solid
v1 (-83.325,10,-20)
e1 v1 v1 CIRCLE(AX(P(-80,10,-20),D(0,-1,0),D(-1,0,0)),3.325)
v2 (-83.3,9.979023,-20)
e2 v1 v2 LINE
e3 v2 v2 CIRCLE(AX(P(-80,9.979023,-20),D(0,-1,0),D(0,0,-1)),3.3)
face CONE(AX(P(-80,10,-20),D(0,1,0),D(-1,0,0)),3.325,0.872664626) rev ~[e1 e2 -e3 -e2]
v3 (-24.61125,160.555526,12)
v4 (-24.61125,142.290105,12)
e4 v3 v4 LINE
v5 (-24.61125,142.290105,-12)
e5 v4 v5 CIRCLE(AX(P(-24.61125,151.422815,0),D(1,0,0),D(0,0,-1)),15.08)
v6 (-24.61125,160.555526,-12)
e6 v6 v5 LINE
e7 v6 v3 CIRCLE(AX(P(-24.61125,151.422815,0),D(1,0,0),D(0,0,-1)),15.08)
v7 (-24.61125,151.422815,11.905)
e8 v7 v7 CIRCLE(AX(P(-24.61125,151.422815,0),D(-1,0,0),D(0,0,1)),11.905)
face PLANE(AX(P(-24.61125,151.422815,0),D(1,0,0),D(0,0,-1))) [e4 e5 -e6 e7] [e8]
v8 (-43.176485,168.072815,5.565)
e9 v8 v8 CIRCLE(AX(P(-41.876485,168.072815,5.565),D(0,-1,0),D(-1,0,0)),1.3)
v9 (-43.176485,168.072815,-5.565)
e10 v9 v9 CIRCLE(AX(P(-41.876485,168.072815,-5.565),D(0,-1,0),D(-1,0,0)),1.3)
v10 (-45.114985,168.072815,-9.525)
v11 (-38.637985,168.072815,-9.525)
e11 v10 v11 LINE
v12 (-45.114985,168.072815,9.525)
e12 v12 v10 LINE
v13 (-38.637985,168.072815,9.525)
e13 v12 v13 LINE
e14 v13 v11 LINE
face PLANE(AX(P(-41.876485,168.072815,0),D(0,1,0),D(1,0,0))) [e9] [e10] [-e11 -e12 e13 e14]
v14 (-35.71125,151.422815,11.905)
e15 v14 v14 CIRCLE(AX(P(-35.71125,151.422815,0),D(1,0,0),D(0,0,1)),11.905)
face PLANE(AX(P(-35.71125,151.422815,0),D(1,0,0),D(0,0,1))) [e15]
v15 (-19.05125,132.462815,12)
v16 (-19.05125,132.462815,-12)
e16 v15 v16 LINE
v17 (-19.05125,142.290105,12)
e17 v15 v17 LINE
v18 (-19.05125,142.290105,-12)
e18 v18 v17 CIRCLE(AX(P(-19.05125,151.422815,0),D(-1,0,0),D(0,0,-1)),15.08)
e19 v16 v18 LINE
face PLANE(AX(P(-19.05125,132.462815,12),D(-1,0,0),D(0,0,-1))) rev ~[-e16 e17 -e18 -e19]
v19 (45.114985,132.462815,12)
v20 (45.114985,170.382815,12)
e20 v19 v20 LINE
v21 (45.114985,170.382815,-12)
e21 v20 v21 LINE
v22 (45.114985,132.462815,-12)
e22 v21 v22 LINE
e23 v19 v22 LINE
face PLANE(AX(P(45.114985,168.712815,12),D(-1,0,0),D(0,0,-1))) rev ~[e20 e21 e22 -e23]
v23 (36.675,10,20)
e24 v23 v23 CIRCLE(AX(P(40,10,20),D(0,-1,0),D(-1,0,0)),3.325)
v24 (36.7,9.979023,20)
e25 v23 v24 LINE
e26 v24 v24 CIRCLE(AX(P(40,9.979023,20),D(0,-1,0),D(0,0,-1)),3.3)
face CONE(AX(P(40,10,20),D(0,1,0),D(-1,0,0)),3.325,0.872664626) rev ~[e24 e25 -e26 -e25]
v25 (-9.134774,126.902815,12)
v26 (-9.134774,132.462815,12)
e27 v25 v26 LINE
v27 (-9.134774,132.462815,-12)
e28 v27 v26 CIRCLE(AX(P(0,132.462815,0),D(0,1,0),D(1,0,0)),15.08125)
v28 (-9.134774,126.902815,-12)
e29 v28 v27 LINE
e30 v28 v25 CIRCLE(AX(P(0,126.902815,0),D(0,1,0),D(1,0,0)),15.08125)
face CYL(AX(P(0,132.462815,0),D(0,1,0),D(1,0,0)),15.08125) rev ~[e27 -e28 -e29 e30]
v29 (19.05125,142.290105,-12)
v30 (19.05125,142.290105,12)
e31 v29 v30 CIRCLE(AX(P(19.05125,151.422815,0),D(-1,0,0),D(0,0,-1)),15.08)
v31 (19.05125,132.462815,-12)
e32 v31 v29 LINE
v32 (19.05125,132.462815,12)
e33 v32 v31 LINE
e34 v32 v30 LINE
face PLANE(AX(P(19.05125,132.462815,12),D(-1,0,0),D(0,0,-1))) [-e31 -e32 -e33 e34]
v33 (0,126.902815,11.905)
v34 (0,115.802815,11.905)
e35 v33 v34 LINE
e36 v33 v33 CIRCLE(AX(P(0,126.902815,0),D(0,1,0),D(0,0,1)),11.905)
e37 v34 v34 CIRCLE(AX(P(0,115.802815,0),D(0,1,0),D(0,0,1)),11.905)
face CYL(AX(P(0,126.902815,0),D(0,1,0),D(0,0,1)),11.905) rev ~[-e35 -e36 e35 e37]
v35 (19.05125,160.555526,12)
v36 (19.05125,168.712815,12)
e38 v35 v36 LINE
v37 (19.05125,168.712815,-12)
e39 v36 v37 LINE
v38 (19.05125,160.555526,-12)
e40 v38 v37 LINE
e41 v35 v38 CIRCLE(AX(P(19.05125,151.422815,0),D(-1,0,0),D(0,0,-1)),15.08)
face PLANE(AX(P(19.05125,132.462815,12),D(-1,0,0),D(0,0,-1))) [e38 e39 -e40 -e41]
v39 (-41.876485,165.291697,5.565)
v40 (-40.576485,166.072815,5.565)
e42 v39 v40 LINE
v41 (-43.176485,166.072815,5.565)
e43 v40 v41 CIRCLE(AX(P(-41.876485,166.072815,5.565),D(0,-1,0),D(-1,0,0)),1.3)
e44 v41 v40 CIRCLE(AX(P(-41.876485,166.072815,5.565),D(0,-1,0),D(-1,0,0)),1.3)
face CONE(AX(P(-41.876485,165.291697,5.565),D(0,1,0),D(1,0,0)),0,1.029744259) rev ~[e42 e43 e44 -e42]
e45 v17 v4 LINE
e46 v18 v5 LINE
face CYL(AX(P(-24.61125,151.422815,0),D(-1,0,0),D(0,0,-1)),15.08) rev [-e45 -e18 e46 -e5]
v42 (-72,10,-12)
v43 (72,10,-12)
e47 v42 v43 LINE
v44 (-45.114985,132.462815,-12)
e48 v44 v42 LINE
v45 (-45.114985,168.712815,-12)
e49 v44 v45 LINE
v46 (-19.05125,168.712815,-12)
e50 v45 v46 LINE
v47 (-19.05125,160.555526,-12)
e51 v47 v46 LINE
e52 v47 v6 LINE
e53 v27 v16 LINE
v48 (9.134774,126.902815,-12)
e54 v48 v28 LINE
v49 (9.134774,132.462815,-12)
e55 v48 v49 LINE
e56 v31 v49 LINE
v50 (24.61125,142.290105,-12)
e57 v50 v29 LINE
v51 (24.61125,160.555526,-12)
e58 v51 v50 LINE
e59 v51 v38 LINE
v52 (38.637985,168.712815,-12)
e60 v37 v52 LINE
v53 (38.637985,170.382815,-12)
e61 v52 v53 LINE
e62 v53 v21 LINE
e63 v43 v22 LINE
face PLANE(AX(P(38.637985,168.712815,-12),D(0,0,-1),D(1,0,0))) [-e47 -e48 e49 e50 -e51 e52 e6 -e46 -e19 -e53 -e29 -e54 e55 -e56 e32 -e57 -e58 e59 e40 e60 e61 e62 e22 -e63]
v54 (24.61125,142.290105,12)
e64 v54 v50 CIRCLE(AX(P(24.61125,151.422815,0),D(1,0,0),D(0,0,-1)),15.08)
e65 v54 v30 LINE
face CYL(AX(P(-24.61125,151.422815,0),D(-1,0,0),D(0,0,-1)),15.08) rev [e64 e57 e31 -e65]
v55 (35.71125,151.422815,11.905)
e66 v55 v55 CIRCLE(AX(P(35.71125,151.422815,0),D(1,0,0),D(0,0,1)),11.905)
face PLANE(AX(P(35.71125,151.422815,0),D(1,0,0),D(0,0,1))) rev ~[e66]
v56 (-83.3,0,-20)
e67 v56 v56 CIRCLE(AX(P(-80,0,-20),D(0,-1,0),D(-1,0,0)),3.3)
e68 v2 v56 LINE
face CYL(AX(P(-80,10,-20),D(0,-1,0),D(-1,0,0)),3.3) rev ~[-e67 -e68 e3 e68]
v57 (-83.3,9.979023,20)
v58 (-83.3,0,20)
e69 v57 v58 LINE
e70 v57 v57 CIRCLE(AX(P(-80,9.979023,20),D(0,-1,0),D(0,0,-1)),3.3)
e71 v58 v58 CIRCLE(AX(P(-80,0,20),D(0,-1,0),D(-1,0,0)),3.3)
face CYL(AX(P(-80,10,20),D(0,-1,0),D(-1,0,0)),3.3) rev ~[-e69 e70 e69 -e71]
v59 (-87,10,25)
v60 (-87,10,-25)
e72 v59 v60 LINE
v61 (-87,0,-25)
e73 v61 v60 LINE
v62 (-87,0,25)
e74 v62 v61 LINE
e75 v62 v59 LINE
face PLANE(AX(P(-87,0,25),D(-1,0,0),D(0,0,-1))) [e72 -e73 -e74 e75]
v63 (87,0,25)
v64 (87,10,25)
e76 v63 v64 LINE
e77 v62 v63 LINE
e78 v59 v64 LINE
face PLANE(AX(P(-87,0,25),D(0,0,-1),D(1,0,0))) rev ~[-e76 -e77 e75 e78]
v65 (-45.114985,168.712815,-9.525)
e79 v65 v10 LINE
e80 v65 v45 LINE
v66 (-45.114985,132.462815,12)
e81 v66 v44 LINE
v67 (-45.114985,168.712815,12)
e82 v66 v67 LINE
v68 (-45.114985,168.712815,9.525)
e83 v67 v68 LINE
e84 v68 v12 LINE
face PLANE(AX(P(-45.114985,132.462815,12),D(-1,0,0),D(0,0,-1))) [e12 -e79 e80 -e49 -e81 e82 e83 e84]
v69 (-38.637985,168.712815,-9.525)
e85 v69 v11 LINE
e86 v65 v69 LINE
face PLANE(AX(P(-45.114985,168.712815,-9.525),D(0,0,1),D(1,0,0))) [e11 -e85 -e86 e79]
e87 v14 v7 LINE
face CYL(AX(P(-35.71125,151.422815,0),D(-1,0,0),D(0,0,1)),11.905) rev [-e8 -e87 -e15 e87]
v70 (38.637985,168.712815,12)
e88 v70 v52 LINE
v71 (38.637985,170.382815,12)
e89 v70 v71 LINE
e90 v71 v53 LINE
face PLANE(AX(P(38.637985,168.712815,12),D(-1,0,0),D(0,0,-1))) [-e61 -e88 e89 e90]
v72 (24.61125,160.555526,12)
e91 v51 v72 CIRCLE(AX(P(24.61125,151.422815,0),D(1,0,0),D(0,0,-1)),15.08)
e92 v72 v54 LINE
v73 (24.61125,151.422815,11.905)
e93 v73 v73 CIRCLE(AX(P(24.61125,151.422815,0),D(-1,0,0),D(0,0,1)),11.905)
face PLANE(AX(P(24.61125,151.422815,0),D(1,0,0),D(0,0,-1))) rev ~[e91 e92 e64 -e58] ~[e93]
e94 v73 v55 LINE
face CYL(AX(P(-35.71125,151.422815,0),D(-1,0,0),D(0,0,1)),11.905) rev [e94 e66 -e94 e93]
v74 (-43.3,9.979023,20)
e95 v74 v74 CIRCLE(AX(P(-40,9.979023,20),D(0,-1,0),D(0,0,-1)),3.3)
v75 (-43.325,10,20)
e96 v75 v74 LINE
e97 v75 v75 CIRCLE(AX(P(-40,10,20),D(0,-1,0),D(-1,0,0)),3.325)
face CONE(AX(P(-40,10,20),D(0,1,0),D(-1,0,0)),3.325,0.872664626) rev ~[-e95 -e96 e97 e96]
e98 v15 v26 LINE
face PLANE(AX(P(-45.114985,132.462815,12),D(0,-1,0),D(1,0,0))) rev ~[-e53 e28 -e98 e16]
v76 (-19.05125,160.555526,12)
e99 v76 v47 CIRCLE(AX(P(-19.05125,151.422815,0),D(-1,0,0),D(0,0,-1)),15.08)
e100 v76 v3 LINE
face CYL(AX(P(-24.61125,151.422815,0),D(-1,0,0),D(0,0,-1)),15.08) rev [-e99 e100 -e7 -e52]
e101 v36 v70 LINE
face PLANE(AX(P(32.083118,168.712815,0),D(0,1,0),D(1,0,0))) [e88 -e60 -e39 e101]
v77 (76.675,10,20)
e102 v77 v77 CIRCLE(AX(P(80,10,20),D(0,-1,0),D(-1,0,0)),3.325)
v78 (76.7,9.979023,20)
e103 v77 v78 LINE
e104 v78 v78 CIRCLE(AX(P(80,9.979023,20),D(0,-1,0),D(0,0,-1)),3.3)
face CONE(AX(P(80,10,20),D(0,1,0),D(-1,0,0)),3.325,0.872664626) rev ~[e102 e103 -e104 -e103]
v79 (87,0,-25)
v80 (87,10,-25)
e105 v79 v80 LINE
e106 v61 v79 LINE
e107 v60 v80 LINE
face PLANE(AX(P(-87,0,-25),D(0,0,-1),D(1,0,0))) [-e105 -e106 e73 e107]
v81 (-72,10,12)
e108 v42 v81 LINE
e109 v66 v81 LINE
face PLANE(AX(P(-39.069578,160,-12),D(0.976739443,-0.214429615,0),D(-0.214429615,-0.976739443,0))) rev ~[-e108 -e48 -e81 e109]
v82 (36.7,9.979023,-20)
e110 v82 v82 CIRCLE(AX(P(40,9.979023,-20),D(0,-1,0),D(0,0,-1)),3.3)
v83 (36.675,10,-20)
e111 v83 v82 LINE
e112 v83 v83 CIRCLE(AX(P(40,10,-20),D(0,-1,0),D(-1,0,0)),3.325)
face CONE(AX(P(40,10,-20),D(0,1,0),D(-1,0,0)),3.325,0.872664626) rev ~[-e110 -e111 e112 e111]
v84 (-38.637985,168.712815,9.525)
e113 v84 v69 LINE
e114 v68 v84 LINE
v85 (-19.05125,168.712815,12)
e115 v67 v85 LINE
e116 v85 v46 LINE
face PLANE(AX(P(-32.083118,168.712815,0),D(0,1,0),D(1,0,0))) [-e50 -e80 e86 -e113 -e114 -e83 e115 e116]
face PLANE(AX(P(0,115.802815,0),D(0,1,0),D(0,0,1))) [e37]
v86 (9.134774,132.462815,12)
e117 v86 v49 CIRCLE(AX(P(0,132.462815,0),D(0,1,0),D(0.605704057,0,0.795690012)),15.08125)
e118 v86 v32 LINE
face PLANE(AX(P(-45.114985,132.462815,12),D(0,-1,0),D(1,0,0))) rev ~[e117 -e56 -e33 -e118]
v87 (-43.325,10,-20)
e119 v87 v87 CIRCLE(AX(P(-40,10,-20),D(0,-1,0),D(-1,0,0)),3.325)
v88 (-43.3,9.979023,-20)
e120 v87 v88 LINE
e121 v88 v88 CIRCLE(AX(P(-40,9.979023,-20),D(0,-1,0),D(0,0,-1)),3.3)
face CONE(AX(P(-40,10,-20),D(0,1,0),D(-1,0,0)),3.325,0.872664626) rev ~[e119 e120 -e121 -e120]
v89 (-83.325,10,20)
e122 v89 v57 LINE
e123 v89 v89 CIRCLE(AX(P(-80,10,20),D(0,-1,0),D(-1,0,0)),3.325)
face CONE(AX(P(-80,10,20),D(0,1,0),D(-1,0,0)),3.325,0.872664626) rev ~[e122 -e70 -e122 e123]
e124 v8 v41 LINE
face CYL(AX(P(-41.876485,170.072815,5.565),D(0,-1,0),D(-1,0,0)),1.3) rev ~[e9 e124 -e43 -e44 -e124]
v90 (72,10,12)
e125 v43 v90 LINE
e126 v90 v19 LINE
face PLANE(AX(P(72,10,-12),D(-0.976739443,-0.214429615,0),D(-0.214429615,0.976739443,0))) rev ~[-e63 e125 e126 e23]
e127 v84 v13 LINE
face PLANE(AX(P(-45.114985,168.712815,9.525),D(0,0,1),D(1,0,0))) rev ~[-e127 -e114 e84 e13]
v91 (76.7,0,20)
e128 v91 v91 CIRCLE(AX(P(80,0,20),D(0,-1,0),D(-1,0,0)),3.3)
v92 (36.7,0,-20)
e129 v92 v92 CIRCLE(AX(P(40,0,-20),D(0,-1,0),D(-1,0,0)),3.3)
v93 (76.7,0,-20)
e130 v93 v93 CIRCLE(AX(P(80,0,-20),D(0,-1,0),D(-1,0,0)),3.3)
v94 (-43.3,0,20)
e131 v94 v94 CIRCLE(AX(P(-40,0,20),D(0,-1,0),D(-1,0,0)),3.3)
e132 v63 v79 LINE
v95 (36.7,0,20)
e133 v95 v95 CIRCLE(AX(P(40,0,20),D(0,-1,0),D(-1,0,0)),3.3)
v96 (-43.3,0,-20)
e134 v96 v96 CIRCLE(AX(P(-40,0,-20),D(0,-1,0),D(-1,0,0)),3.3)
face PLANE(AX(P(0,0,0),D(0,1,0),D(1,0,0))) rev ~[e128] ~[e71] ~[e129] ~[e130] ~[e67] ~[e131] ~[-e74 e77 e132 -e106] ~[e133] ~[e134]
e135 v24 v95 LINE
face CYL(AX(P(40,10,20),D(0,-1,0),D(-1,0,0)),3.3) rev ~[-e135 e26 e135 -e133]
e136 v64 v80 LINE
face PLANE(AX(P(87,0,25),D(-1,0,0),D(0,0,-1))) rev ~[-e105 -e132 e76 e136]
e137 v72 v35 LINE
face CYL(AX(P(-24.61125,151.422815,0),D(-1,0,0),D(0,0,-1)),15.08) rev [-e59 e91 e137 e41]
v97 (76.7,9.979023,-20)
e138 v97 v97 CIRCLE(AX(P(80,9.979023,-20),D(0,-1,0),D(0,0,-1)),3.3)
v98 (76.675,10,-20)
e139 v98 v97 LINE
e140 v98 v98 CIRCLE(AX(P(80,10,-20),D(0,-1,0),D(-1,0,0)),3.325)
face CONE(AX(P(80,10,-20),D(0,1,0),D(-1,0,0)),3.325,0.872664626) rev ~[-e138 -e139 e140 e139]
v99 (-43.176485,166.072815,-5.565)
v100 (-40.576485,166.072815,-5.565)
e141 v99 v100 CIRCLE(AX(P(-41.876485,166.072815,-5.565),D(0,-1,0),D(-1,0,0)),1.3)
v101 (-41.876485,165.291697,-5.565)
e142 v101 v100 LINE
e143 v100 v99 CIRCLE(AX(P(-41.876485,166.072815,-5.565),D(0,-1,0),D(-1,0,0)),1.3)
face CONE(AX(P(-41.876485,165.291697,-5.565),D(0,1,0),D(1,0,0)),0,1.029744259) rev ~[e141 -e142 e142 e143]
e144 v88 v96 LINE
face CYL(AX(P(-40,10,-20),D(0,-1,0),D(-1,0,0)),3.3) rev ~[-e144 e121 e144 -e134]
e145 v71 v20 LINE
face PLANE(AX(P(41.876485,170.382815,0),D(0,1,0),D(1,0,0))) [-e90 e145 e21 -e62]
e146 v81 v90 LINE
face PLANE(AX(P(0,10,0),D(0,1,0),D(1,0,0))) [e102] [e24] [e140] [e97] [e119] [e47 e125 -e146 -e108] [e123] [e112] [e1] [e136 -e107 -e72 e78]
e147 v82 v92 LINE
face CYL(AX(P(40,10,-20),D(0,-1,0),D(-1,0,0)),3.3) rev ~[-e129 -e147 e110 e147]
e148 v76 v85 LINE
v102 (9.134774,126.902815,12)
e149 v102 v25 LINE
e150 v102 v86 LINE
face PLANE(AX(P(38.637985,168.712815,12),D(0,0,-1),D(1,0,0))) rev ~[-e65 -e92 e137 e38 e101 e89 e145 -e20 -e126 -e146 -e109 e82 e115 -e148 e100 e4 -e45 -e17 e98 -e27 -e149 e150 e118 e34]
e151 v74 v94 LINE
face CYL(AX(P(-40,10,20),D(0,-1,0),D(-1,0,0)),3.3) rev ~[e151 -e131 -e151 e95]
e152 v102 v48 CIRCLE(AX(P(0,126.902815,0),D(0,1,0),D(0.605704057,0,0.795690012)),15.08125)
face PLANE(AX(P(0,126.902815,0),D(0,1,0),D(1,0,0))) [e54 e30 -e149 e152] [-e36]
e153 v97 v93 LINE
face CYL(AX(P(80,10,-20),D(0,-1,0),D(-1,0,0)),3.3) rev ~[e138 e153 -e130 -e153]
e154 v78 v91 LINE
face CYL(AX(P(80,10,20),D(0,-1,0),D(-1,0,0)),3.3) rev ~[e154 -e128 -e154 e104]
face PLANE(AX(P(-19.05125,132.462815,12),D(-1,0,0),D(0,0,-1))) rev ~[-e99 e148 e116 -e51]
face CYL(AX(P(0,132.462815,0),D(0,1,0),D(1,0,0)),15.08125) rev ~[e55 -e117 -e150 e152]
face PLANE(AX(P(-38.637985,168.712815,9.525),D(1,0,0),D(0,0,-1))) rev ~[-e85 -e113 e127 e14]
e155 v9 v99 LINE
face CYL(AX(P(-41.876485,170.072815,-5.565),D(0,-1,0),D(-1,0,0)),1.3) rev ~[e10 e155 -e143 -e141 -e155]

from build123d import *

# Parameters (mm, degrees)
SKETCH1_W                      = 174
SKETCH1_H                      = 50
BOSS_EXTRUDE1_DEPTH            = 10
M6_CLEARANCE_HOLE1_D           = 6.6
M6_CLEARANCE_HOLE1_CSINK_D     = 6.65
M6_CLEARANCE_HOLE1_CSINK_ANGLE = 100
BOSS_EXTRUDE2_DEPTH            = 12
BOSS_EXTRUDE2_DEPTH_BACK       = 12
CUT_EXTRUDE1_REACH             = 215.496
SKETCH7_W                      = 90.229970364
SKETCH7_H                      = 70
SKETCH8_R                      = 15.08125
CUT_EXTRUDE2_DEPTH             = 5.56
SKETCH9_R                      = 11.905
CUT_EXTRUDE3_DEPTH             = 11.1
SKETCH10_W                     = 26.063735182
SKETCH10_H                     = 24
BOSS_EXTRUDE3_DEPTH            = 36.25
CUT_EXTRUDE4_START             = -24.61125
SKETCH11_R                     = 15.08
CUT_EXTRUDE4_DEPTH             = 49.2225
CUT_EXTRUDE5_DEPTH             = 35.71125
CUT_EXTRUDE5_DEPTH_BACK        = 35.71125
SKETCH12_R                     = 11.905
SKETCH13_W                     = 6.477
SKETCH13_H                     = 19.05
CUT_EXTRUDE6_DEPTH             = 0.64
M2_CLEARANCE_HOLE1_D           = 2.6
M2_CLEARANCE_HOLE1_DEPTH       = 2
M2_CLEARANCE_HOLE1_TIP         = 0.781118805
SKETCH16_W                     = 6.477
SKETCH16_H                     = 24
BOSS_EXTRUDE4_DEPTH            = 1.67


with BuildPart() as part:
    # Sketch1 → Boss-Extrude1 (new body)
    with BuildSketch(Plane(origin=(0, 0, 0), x_dir=(1, 0, 0), z_dir=(0, 1, 0))):
        Rectangle(SKETCH1_W, SKETCH1_H)
    extrude(amount=BOSS_EXTRUDE1_DEPTH)

    # M6 Clearance Hole1 (through all)
    with Locations(Plane(origin=(0, 10, 0), x_dir=(1, 0, 0), z_dir=(0, 1, 0))):
        with Locations((-80, 20), (-40, 20), (-80, -20), (-40, -20), (40, 20), (80, 20), (40, -20), (80, -20)):
            CounterSinkHole(M6_CLEARANCE_HOLE1_D / 2, M6_CLEARANCE_HOLE1_CSINK_D / 2, counter_sink_angle=M6_CLEARANCE_HOLE1_CSINK_ANGLE)

    # Sketch6 → Boss-Extrude2 (add, two sides: drawn at the far end of the back side and taken through both)
    with BuildSketch(Plane.XY.offset(-BOSS_EXTRUDE2_DEPTH_BACK)):
        with BuildLine():
            Line((-72, 10), (72, 10))
            Line((72, 10), (39.069577731, 160))
            ThreePointArc((39.069577731, 160), (0, 191.422815383), (-39.069577731, 160))
            Line((-39.069577731, 160), (-72, 10))
        make_face()
    extrude(amount=BOSS_EXTRUDE2_DEPTH + BOSS_EXTRUDE2_DEPTH_BACK)

    # Sketch7 → Cut-Extrude1 (cut, up to next)
    with BuildSketch(Plane.XY.offset(12), mode=Mode.PRIVATE) as cut_extrude1_sk1:
        with Locations((0, 167.46281538)):
            Rectangle(SKETCH7_W, SKETCH7_H)
    cut_extrude1_tool1 = extrude(cut_extrude1_sk1.sketch, amount=-CUT_EXTRUDE1_REACH, mode=Mode.PRIVATE) & part.part
    add(cut_extrude1_tool1.solids().sort_by_distance((0, 167.462815, 12))[0], mode=Mode.SUBTRACT)

    # Sketch8 → Cut-Extrude2 (cut)
    with BuildSketch(Plane(origin=(0, 132.46281538, 0), x_dir=(1, 0, 0), z_dir=(0, 1, 0))):
        Circle(SKETCH8_R)
    extrude(amount=-CUT_EXTRUDE2_DEPTH, mode=Mode.SUBTRACT)

    # Sketch9 → Cut-Extrude3 (cut)
    with BuildSketch(Plane(origin=(0, 126.90281538, 0), x_dir=(1, 0, 0), z_dir=(0, 1, 0))):
        with Locations(Location((0, 0, 0), (0, 0, 270))):
            Circle(SKETCH9_R)
    extrude(amount=-CUT_EXTRUDE3_DEPTH, mode=Mode.SUBTRACT)

    # Sketch10 → Boss-Extrude3 (add)
    with BuildSketch(Plane(origin=(0, 132.46281538, 0), x_dir=(1, 0, 0), z_dir=(0, 1, 0))):
        with Locations((-32.083117591, 0)):
            Rectangle(SKETCH10_W, SKETCH10_H)
        with Locations((32.083117591, 0)):
            Rectangle(SKETCH10_W, SKETCH10_H)
    extrude(amount=BOSS_EXTRUDE3_DEPTH)

    # Sketch11 → Cut-Extrude4 (cut)
    with BuildSketch(Plane(origin=(0, 0, 0), x_dir=(0, 0, -1), z_dir=(1, 0, 0)).offset(CUT_EXTRUDE4_START)):
        with Locations((0, 151.42281538)):
            Circle(SKETCH11_R)
    extrude(amount=CUT_EXTRUDE4_DEPTH, mode=Mode.SUBTRACT)

    # Sketch12 → Cut-Extrude5 (cut, two sides: drawn at the far end of the back side and taken through both)
    with BuildSketch(Plane(origin=(0, 0, 0), x_dir=(0, 0, -1), z_dir=(1, 0, 0)).offset(-CUT_EXTRUDE5_DEPTH_BACK)):
        with Locations(Location((0, 151.42281538, 0), (0, 0, 180))):
            Circle(SKETCH12_R)
    extrude(amount=CUT_EXTRUDE5_DEPTH + CUT_EXTRUDE5_DEPTH_BACK, mode=Mode.SUBTRACT)

    # Sketch13 → Cut-Extrude6 (cut)
    with BuildSketch(Plane(origin=(0, 168.71281538, 0), x_dir=(1, 0, 0), z_dir=(0, 1, 0))):
        with Locations((-41.876485182, 0)):
            Rectangle(SKETCH13_W, SKETCH13_H)
    extrude(amount=-CUT_EXTRUDE6_DEPTH, mode=Mode.SUBTRACT)

    # M2 Clearance Hole1
    with Locations(Plane(origin=(0, 168.07281538, 0), x_dir=(1, 0, 0), z_dir=(0, 1, 0))):
        with Locations((-41.876485182, 5.565), (-41.876485182, -5.565)):
            Hole(M2_CLEARANCE_HOLE1_D / 2, depth=M2_CLEARANCE_HOLE1_DEPTH)
            with Locations((0, 0, -(M2_CLEARANCE_HOLE1_DEPTH + M2_CLEARANCE_HOLE1_TIP / 2))):  # 118° drill point
                Cone(0, M2_CLEARANCE_HOLE1_D / 2, M2_CLEARANCE_HOLE1_TIP, mode=Mode.SUBTRACT)

    # Sketch16 → Boss-Extrude4 (add)
    with BuildSketch(Plane(origin=(0, 168.71281538, 0), x_dir=(1, 0, 0), z_dir=(0, 1, 0))):
        with Locations((41.876485182, 0)):
            Rectangle(SKETCH16_W, SKETCH16_H)
    extrude(amount=BOSS_EXTRUDE4_DEPTH)


solid = part.part
